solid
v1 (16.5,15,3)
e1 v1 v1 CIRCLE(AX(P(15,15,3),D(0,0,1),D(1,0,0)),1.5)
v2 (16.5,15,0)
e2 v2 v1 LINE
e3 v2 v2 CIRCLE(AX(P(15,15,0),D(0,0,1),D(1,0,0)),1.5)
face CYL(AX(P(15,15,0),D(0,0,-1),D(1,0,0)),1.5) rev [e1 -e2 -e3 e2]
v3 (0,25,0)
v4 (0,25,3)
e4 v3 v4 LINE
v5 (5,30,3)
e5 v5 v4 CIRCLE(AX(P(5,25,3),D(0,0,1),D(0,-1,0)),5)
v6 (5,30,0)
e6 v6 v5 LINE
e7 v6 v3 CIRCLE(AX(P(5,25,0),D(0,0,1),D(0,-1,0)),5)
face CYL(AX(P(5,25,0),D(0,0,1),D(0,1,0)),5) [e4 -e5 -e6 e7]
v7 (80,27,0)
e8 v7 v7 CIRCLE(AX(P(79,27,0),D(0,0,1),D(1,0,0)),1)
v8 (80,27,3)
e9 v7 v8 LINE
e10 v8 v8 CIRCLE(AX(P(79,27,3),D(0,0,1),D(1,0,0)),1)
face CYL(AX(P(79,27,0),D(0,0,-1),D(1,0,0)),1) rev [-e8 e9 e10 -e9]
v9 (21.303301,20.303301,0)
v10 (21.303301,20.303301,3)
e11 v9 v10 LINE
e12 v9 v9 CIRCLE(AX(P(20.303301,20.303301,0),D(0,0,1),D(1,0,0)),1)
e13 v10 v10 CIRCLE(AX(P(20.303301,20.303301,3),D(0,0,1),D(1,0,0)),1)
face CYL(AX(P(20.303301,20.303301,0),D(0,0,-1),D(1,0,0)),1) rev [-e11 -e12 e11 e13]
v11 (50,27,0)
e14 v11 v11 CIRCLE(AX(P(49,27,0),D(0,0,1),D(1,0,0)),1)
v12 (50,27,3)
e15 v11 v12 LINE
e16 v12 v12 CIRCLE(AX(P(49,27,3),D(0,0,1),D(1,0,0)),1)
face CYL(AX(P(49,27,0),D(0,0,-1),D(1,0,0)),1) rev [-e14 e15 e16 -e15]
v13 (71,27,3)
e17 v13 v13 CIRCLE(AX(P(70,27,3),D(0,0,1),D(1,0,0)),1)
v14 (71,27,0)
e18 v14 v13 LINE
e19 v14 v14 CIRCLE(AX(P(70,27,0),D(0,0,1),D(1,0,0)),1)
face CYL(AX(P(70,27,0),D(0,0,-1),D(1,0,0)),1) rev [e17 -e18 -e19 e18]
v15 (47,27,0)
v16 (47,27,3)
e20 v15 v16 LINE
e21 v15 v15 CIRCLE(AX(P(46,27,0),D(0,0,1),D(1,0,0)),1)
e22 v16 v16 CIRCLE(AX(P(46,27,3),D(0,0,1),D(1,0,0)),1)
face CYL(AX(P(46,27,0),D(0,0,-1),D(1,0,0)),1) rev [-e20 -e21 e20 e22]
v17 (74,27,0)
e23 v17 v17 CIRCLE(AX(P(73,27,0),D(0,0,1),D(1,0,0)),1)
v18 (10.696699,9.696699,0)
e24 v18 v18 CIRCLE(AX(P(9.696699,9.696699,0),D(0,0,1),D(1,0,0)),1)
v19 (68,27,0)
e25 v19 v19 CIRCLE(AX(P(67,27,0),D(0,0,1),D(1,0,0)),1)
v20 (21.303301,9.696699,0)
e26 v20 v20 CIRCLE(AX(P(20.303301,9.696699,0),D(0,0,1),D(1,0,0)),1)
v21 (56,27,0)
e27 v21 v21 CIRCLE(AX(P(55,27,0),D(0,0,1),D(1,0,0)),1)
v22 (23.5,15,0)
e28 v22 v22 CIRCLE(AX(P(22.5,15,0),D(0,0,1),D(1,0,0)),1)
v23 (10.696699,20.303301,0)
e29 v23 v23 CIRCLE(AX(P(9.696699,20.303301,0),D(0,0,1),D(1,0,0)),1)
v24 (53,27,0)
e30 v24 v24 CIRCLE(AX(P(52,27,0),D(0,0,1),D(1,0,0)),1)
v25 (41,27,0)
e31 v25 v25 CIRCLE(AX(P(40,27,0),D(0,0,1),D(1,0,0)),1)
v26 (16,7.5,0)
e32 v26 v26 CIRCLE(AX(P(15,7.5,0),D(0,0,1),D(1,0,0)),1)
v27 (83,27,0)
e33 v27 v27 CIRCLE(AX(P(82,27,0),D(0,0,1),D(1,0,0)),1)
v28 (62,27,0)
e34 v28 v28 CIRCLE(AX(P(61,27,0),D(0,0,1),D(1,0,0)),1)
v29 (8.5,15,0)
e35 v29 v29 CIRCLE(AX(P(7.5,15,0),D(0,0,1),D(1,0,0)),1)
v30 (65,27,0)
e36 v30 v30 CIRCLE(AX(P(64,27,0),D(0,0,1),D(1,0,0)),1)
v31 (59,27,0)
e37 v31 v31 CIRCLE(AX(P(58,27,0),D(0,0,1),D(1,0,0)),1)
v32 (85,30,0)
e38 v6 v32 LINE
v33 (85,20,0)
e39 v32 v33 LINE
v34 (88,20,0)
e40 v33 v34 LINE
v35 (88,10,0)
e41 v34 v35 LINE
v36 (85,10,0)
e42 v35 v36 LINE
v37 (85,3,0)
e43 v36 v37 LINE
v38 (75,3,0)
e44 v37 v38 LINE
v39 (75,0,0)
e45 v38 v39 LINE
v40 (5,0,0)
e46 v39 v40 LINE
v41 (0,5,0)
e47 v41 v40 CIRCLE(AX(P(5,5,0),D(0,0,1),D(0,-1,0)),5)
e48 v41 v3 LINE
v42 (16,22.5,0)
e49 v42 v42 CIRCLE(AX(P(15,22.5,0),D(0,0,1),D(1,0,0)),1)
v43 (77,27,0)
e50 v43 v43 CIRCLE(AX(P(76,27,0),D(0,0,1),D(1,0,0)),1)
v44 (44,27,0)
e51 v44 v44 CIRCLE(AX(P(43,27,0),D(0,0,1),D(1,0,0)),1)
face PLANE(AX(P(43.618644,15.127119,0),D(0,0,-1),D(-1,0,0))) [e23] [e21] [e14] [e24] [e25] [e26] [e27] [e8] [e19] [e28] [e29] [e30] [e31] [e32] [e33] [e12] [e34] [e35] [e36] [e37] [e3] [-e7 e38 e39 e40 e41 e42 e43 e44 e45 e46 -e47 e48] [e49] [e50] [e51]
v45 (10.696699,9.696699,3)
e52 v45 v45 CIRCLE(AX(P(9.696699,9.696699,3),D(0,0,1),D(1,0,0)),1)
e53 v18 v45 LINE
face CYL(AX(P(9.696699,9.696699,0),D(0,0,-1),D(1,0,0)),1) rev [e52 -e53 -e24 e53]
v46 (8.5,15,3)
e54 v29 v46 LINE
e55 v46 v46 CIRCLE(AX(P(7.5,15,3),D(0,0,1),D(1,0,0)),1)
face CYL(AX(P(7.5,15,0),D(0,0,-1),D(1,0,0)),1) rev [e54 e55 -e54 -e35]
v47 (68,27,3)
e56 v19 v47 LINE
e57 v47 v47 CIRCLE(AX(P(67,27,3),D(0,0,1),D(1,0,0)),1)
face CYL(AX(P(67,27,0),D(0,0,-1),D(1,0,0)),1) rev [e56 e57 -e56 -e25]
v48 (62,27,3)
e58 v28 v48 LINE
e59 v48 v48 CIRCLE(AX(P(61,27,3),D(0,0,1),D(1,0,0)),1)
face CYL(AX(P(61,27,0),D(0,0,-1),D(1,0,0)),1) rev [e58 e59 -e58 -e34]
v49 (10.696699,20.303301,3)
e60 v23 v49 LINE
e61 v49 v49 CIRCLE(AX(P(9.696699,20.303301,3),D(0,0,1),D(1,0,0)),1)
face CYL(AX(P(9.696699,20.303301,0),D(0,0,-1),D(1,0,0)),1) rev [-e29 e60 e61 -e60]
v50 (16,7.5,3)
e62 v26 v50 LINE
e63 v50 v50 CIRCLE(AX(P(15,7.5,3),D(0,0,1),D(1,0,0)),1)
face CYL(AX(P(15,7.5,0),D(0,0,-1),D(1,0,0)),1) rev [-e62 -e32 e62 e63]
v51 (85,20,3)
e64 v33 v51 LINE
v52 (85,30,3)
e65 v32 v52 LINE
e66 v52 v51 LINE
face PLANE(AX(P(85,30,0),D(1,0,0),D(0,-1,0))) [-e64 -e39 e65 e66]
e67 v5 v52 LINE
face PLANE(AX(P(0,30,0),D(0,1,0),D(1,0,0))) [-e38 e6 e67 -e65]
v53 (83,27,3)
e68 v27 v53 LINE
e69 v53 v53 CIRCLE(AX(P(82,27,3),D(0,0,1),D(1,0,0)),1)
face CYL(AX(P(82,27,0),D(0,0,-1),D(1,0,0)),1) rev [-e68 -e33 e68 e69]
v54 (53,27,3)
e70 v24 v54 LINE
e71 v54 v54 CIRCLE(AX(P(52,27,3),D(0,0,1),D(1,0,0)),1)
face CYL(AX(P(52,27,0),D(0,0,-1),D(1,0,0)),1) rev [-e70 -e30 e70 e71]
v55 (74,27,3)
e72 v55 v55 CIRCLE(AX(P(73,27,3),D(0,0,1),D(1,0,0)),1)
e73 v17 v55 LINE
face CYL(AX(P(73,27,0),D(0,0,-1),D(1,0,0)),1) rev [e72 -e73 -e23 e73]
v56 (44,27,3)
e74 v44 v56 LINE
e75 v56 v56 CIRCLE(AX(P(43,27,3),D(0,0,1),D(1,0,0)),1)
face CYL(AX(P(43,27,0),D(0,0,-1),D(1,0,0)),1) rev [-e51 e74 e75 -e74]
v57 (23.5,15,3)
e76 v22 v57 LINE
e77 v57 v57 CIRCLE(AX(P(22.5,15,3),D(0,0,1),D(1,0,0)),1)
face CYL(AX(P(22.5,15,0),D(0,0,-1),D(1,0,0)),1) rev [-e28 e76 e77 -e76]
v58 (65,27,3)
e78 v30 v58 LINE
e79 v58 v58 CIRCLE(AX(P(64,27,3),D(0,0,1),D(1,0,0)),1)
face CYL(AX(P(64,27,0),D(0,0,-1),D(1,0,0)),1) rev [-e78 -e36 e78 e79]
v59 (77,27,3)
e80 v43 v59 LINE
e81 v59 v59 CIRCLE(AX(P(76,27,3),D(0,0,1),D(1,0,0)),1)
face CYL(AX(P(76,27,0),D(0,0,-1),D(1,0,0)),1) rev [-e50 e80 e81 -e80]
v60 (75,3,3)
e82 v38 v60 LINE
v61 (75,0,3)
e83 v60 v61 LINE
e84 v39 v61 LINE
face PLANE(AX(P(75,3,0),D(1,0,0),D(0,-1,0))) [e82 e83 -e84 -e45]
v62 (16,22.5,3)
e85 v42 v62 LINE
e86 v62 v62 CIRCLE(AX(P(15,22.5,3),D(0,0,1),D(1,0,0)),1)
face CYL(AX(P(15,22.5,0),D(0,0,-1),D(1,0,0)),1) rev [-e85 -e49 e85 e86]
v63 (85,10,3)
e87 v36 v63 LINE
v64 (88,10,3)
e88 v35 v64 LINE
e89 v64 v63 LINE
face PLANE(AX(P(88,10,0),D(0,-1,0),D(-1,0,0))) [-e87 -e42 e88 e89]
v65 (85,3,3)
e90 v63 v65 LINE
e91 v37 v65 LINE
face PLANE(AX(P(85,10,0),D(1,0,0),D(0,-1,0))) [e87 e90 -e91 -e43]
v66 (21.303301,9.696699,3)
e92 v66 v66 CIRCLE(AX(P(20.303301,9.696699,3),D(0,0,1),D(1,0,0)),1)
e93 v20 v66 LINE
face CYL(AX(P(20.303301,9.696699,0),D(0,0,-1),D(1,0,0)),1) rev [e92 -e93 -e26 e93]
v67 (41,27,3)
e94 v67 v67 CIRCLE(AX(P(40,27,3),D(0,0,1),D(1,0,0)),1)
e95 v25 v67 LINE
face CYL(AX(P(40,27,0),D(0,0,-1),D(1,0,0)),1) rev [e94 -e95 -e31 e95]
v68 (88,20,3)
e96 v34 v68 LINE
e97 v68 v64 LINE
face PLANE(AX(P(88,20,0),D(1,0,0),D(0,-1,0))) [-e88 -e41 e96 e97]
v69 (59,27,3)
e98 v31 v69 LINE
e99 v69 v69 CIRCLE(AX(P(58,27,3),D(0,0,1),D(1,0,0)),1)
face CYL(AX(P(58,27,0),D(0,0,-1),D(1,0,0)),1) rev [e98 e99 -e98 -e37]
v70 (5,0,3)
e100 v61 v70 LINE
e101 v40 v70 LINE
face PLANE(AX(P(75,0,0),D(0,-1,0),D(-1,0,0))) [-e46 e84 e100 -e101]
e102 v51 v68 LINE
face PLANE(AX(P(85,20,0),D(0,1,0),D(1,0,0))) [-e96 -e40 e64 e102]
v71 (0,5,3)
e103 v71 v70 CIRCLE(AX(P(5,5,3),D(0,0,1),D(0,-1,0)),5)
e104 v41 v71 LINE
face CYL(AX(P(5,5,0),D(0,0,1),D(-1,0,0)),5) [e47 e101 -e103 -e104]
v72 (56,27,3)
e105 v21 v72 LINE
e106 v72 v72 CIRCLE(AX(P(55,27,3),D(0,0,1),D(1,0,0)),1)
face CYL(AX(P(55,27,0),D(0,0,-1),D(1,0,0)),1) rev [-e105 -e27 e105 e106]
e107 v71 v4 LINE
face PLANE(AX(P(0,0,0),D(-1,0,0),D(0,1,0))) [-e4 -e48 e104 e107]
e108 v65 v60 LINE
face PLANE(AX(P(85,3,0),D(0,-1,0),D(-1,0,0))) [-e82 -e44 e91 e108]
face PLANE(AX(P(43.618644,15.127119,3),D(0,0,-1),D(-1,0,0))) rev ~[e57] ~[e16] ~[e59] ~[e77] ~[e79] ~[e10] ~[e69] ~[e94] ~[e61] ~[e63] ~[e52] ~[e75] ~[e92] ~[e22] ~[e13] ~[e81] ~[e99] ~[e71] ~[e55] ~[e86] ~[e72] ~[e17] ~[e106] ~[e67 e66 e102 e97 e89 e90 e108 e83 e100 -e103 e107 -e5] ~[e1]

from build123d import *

# Parameters (mm, degrees)
SKETCH1_R           = 1.5
SKETCH1_R_2         = 1
BOSS_EXTRUDE1_DEPTH = 3
FILLET1_R           = 5


with BuildPart() as part:
    # Sketch1 → Boss-Extrude1 (new body)
    with BuildSketch(Plane.XY):
        Polygon((85, 30), (85, 20), (88, 20), (88, 10), (85, 10), (85, 3), (75, 3), (75, 0), (0, 0), (0, 30), align=None)
        with Locations((15, 15)):
            Circle(SKETCH1_R, mode=Mode.SUBTRACT)
        with Locations((7.5, 15)):
            Circle(SKETCH1_R_2, mode=Mode.SUBTRACT)
        with Locations((9.696699141, 20.303300859)):
            Circle(SKETCH1_R_2, mode=Mode.SUBTRACT)
        with Locations((15, 22.5)):
            Circle(SKETCH1_R_2, mode=Mode.SUBTRACT)
        with Locations((20.303300859, 20.303300859)):
            Circle(SKETCH1_R_2, mode=Mode.SUBTRACT)
        with Locations((22.5, 15)):
            Circle(SKETCH1_R_2, mode=Mode.SUBTRACT)
        with Locations((20.303300859, 9.696699141)):
            Circle(SKETCH1_R_2, mode=Mode.SUBTRACT)
        with Locations((15, 7.5)):
            Circle(SKETCH1_R_2, mode=Mode.SUBTRACT)
        with Locations((9.696699141, 9.696699141)):
            Circle(SKETCH1_R_2, mode=Mode.SUBTRACT)
        with Locations((82, 27)):
            Circle(SKETCH1_R_2, mode=Mode.SUBTRACT)
        with Locations((79, 27)):
            Circle(SKETCH1_R_2, mode=Mode.SUBTRACT)
        with Locations((76, 27)):
            Circle(SKETCH1_R_2, mode=Mode.SUBTRACT)
        with Locations((73, 27)):
            Circle(SKETCH1_R_2, mode=Mode.SUBTRACT)
        with Locations((70, 27)):
            Circle(SKETCH1_R_2, mode=Mode.SUBTRACT)
        with Locations((67, 27)):
            Circle(SKETCH1_R_2, mode=Mode.SUBTRACT)
        with Locations((64, 27)):
            Circle(SKETCH1_R_2, mode=Mode.SUBTRACT)
        with Locations((61, 27)):
            Circle(SKETCH1_R_2, mode=Mode.SUBTRACT)
        with Locations((58, 27)):
            Circle(SKETCH1_R_2, mode=Mode.SUBTRACT)
        with Locations((55, 27)):
            Circle(SKETCH1_R_2, mode=Mode.SUBTRACT)
        with Locations((52, 27)):
            Circle(SKETCH1_R_2, mode=Mode.SUBTRACT)
        with Locations((49, 27)):
            Circle(SKETCH1_R_2, mode=Mode.SUBTRACT)
        with Locations((46, 27)):
            Circle(SKETCH1_R_2, mode=Mode.SUBTRACT)
        with Locations((43, 27)):
            Circle(SKETCH1_R_2, mode=Mode.SUBTRACT)
        with Locations((40, 27)):
            Circle(SKETCH1_R_2, mode=Mode.SUBTRACT)
    extrude(amount=BOSS_EXTRUDE1_DEPTH)

    # Fillet1
    fillet1_edges = [part.edges().sort_by_distance(p)[0] for p in [
        (0, 0, 1.5),
        (0, 30, 1.5),
    ]]
    fillet(fillet1_edges, radius=FILLET1_R)


solid = part.part
